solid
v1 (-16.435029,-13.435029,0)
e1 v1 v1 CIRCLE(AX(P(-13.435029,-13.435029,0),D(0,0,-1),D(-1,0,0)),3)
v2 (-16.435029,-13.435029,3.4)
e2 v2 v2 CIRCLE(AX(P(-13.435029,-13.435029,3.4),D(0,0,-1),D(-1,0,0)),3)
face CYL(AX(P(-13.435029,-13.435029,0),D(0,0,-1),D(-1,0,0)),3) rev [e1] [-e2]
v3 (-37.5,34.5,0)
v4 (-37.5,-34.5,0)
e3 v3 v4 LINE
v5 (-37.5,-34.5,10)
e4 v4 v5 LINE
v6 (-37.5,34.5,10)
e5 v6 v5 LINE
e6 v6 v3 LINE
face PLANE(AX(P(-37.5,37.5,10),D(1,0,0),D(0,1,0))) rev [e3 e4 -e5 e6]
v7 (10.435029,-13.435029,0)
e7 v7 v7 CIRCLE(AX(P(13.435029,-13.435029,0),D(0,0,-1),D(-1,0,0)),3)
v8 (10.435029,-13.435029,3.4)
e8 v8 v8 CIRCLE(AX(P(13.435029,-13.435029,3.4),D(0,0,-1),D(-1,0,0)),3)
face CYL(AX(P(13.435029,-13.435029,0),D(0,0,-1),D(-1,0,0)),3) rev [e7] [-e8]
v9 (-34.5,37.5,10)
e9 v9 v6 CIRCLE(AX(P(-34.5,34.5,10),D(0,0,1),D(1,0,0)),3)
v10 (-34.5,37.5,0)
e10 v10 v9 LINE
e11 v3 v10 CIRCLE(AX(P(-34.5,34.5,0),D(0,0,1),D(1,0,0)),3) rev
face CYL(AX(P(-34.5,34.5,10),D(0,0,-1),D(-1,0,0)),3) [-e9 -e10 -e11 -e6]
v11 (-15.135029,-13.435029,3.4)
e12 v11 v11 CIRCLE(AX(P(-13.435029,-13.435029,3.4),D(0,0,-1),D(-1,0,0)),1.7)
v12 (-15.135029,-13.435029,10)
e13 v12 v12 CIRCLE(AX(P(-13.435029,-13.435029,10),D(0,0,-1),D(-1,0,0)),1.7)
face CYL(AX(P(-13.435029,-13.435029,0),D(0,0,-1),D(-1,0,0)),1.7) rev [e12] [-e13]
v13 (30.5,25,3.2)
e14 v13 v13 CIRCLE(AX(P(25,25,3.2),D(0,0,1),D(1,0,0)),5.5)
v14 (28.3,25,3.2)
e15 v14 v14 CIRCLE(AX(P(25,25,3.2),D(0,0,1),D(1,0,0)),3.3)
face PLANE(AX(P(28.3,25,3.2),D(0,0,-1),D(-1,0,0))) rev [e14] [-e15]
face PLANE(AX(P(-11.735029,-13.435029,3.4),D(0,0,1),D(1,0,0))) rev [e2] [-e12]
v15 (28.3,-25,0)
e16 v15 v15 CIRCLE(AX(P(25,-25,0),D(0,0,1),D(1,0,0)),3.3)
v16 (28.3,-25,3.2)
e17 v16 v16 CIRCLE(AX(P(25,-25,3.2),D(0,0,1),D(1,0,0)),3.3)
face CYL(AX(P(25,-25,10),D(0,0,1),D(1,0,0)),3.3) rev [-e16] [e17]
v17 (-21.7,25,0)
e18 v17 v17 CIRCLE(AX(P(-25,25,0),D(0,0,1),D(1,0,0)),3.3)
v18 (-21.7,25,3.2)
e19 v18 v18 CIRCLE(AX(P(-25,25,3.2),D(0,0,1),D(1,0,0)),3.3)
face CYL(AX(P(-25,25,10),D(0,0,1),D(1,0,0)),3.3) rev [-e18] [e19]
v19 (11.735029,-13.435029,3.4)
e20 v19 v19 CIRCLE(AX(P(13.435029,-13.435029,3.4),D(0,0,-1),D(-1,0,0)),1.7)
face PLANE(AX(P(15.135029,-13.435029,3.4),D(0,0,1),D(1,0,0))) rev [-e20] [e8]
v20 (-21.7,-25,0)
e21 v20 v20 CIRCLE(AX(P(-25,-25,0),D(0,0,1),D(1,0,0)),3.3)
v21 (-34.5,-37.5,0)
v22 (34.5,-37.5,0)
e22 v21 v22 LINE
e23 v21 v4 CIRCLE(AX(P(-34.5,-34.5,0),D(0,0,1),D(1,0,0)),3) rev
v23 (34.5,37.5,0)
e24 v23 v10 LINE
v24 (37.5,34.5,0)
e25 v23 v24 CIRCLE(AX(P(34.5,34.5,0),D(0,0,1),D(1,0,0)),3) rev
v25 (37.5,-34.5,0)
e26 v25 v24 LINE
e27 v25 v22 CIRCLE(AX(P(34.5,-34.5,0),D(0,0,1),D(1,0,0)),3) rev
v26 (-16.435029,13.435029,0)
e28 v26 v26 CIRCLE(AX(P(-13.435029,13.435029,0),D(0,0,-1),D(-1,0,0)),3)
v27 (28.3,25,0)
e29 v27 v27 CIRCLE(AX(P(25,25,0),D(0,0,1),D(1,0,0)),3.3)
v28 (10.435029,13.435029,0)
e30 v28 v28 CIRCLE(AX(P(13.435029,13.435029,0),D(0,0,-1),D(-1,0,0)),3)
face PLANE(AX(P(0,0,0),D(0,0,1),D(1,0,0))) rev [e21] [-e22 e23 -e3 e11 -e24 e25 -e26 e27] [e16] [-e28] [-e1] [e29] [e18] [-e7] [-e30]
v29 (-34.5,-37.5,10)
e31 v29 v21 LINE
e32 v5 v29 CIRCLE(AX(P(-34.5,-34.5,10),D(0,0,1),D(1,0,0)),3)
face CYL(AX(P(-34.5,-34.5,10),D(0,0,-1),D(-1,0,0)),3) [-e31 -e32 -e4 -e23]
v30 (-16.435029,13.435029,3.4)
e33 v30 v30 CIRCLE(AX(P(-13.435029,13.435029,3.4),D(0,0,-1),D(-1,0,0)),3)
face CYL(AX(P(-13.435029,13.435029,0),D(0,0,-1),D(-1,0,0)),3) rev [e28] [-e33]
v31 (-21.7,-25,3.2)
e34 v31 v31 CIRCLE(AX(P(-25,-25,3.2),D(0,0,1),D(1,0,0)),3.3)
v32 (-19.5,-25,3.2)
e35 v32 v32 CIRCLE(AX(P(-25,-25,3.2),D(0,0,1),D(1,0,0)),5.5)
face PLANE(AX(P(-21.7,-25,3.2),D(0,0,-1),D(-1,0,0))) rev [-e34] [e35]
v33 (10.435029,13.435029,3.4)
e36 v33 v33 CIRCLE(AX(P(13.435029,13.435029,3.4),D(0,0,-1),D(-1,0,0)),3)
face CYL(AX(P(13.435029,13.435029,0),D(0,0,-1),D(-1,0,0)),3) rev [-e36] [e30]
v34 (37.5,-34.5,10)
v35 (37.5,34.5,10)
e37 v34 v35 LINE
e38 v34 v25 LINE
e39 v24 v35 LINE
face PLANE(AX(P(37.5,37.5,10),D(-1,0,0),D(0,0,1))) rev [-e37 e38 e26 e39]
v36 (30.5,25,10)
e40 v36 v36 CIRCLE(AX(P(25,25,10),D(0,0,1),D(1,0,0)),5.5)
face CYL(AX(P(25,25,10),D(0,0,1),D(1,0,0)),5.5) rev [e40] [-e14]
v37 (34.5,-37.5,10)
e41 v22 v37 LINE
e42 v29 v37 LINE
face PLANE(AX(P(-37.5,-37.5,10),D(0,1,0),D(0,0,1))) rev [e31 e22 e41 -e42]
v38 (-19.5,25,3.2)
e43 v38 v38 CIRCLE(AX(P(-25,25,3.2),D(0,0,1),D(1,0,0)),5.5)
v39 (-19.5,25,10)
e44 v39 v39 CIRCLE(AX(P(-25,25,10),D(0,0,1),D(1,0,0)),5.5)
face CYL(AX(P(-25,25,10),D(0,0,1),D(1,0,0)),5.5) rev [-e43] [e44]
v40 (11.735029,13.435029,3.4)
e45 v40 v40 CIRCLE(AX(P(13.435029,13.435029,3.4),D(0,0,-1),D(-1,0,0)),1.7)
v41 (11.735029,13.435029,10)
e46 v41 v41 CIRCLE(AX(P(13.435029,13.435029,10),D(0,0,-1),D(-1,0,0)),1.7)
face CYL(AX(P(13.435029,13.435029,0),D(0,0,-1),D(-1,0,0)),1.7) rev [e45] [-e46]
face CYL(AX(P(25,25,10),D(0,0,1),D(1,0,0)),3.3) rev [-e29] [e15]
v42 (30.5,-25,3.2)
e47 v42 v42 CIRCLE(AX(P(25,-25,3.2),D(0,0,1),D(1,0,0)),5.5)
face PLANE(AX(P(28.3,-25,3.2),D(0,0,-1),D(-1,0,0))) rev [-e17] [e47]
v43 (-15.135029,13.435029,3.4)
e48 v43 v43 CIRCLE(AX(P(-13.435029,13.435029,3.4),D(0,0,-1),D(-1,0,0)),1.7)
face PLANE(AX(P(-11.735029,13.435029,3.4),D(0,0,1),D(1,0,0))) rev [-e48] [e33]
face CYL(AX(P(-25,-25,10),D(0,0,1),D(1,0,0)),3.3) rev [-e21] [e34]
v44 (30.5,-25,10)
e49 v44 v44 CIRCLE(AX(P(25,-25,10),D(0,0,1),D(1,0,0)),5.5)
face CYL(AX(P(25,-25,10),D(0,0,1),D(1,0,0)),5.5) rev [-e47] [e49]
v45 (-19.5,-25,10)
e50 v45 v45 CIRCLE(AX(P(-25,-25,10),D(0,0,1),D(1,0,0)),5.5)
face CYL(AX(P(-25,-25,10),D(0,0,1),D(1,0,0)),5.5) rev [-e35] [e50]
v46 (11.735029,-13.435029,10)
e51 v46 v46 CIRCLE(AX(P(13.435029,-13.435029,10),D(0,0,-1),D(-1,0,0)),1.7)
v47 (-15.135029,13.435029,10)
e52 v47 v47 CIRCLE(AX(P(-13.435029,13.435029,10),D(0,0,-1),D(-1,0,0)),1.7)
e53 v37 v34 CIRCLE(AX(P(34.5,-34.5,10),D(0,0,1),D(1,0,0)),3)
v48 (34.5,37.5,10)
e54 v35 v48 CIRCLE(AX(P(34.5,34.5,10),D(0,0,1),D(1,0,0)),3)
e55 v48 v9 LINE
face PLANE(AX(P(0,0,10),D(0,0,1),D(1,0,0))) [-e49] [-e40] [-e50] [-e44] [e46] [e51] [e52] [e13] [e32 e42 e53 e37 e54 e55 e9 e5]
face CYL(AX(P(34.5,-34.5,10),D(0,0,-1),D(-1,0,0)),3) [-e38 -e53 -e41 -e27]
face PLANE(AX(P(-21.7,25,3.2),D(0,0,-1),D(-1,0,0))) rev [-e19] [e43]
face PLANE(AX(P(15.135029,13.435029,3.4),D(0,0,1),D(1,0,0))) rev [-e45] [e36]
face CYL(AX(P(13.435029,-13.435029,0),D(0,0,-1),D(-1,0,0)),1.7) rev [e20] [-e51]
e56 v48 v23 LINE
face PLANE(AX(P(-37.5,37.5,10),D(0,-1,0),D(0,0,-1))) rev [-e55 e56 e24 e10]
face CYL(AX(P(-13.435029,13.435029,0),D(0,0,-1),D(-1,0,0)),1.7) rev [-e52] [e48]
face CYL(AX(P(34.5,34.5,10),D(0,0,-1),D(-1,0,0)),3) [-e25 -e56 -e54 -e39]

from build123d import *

# Parameters (mm, degrees)
SKETCH_1_W                = 75
SKETCH_1_H                = 75
EXTRUDE_1_DEPTH           = 10
HOLE_WIZARD_1_D           = 6.6
HOLE_WIZARD_1_DEPTH       = 15
HOLE_WIZARD_1_CBORE_D     = 11
HOLE_WIZARD_1_CBORE_DEPTH = 6.8
HOLE_WIZARD_1_TIP         = 1.982840043
FILLET_1_R                = 3
HOLE_WIZARD_2_D           = 3.4
HOLE_WIZARD_2_CBORE_D     = 6
HOLE_WIZARD_2_CBORE_DEPTH = 3.4


with BuildPart() as part:
    # 草图1 → 凸台-拉伸1 (new body)
    with BuildSketch(Plane.XY):
        Rectangle(SKETCH_1_W, SKETCH_1_H)
    extrude(amount=EXTRUDE_1_DEPTH)

    # 打孔尺寸(%根据)内六角圆柱头螺钉的类型1
    with Locations(Plane(origin=(-25, 25, 10), x_dir=(1, 0, 0), z_dir=(0, 0, 1))):
        with Locations((0, 0), (0, -50), (50, -50), (50, 0)):
            CounterBoreHole(HOLE_WIZARD_1_D / 2, HOLE_WIZARD_1_CBORE_D / 2, HOLE_WIZARD_1_CBORE_DEPTH, depth=HOLE_WIZARD_1_DEPTH)
            with Locations((0, 0, -(HOLE_WIZARD_1_DEPTH + HOLE_WIZARD_1_TIP / 2))):  # 118° drill point
                Cone(0, HOLE_WIZARD_1_D / 2, HOLE_WIZARD_1_TIP, mode=Mode.SUBTRACT)

    # 圆角1
    fillet_1_edges = [part.edges().sort_by_distance(p)[0] for p in [
        (37.5, -37.5, 5),
        (-37.5, -37.5, 5),
        (-37.5, 37.5, 5),
        (37.5, 37.5, 5),
    ]]
    fillet(fillet_1_edges, radius=FILLET_1_R)

    # 打孔尺寸(%根据)内六角圆柱头螺钉的类型2 (through all)
    with Locations(Plane(origin=(0, 0, 0), x_dir=(-1, 0, 0), z_dir=(0, 0, -1))):
        with Locations((13.435028843, -13.435028843), (13.435028843, 13.435028843), (-13.435028843, 13.435028843), (-13.435028843, -13.435028843)):
            CounterBoreHole(HOLE_WIZARD_2_D / 2, HOLE_WIZARD_2_CBORE_D / 2, HOLE_WIZARD_2_CBORE_DEPTH)


solid = part.part
